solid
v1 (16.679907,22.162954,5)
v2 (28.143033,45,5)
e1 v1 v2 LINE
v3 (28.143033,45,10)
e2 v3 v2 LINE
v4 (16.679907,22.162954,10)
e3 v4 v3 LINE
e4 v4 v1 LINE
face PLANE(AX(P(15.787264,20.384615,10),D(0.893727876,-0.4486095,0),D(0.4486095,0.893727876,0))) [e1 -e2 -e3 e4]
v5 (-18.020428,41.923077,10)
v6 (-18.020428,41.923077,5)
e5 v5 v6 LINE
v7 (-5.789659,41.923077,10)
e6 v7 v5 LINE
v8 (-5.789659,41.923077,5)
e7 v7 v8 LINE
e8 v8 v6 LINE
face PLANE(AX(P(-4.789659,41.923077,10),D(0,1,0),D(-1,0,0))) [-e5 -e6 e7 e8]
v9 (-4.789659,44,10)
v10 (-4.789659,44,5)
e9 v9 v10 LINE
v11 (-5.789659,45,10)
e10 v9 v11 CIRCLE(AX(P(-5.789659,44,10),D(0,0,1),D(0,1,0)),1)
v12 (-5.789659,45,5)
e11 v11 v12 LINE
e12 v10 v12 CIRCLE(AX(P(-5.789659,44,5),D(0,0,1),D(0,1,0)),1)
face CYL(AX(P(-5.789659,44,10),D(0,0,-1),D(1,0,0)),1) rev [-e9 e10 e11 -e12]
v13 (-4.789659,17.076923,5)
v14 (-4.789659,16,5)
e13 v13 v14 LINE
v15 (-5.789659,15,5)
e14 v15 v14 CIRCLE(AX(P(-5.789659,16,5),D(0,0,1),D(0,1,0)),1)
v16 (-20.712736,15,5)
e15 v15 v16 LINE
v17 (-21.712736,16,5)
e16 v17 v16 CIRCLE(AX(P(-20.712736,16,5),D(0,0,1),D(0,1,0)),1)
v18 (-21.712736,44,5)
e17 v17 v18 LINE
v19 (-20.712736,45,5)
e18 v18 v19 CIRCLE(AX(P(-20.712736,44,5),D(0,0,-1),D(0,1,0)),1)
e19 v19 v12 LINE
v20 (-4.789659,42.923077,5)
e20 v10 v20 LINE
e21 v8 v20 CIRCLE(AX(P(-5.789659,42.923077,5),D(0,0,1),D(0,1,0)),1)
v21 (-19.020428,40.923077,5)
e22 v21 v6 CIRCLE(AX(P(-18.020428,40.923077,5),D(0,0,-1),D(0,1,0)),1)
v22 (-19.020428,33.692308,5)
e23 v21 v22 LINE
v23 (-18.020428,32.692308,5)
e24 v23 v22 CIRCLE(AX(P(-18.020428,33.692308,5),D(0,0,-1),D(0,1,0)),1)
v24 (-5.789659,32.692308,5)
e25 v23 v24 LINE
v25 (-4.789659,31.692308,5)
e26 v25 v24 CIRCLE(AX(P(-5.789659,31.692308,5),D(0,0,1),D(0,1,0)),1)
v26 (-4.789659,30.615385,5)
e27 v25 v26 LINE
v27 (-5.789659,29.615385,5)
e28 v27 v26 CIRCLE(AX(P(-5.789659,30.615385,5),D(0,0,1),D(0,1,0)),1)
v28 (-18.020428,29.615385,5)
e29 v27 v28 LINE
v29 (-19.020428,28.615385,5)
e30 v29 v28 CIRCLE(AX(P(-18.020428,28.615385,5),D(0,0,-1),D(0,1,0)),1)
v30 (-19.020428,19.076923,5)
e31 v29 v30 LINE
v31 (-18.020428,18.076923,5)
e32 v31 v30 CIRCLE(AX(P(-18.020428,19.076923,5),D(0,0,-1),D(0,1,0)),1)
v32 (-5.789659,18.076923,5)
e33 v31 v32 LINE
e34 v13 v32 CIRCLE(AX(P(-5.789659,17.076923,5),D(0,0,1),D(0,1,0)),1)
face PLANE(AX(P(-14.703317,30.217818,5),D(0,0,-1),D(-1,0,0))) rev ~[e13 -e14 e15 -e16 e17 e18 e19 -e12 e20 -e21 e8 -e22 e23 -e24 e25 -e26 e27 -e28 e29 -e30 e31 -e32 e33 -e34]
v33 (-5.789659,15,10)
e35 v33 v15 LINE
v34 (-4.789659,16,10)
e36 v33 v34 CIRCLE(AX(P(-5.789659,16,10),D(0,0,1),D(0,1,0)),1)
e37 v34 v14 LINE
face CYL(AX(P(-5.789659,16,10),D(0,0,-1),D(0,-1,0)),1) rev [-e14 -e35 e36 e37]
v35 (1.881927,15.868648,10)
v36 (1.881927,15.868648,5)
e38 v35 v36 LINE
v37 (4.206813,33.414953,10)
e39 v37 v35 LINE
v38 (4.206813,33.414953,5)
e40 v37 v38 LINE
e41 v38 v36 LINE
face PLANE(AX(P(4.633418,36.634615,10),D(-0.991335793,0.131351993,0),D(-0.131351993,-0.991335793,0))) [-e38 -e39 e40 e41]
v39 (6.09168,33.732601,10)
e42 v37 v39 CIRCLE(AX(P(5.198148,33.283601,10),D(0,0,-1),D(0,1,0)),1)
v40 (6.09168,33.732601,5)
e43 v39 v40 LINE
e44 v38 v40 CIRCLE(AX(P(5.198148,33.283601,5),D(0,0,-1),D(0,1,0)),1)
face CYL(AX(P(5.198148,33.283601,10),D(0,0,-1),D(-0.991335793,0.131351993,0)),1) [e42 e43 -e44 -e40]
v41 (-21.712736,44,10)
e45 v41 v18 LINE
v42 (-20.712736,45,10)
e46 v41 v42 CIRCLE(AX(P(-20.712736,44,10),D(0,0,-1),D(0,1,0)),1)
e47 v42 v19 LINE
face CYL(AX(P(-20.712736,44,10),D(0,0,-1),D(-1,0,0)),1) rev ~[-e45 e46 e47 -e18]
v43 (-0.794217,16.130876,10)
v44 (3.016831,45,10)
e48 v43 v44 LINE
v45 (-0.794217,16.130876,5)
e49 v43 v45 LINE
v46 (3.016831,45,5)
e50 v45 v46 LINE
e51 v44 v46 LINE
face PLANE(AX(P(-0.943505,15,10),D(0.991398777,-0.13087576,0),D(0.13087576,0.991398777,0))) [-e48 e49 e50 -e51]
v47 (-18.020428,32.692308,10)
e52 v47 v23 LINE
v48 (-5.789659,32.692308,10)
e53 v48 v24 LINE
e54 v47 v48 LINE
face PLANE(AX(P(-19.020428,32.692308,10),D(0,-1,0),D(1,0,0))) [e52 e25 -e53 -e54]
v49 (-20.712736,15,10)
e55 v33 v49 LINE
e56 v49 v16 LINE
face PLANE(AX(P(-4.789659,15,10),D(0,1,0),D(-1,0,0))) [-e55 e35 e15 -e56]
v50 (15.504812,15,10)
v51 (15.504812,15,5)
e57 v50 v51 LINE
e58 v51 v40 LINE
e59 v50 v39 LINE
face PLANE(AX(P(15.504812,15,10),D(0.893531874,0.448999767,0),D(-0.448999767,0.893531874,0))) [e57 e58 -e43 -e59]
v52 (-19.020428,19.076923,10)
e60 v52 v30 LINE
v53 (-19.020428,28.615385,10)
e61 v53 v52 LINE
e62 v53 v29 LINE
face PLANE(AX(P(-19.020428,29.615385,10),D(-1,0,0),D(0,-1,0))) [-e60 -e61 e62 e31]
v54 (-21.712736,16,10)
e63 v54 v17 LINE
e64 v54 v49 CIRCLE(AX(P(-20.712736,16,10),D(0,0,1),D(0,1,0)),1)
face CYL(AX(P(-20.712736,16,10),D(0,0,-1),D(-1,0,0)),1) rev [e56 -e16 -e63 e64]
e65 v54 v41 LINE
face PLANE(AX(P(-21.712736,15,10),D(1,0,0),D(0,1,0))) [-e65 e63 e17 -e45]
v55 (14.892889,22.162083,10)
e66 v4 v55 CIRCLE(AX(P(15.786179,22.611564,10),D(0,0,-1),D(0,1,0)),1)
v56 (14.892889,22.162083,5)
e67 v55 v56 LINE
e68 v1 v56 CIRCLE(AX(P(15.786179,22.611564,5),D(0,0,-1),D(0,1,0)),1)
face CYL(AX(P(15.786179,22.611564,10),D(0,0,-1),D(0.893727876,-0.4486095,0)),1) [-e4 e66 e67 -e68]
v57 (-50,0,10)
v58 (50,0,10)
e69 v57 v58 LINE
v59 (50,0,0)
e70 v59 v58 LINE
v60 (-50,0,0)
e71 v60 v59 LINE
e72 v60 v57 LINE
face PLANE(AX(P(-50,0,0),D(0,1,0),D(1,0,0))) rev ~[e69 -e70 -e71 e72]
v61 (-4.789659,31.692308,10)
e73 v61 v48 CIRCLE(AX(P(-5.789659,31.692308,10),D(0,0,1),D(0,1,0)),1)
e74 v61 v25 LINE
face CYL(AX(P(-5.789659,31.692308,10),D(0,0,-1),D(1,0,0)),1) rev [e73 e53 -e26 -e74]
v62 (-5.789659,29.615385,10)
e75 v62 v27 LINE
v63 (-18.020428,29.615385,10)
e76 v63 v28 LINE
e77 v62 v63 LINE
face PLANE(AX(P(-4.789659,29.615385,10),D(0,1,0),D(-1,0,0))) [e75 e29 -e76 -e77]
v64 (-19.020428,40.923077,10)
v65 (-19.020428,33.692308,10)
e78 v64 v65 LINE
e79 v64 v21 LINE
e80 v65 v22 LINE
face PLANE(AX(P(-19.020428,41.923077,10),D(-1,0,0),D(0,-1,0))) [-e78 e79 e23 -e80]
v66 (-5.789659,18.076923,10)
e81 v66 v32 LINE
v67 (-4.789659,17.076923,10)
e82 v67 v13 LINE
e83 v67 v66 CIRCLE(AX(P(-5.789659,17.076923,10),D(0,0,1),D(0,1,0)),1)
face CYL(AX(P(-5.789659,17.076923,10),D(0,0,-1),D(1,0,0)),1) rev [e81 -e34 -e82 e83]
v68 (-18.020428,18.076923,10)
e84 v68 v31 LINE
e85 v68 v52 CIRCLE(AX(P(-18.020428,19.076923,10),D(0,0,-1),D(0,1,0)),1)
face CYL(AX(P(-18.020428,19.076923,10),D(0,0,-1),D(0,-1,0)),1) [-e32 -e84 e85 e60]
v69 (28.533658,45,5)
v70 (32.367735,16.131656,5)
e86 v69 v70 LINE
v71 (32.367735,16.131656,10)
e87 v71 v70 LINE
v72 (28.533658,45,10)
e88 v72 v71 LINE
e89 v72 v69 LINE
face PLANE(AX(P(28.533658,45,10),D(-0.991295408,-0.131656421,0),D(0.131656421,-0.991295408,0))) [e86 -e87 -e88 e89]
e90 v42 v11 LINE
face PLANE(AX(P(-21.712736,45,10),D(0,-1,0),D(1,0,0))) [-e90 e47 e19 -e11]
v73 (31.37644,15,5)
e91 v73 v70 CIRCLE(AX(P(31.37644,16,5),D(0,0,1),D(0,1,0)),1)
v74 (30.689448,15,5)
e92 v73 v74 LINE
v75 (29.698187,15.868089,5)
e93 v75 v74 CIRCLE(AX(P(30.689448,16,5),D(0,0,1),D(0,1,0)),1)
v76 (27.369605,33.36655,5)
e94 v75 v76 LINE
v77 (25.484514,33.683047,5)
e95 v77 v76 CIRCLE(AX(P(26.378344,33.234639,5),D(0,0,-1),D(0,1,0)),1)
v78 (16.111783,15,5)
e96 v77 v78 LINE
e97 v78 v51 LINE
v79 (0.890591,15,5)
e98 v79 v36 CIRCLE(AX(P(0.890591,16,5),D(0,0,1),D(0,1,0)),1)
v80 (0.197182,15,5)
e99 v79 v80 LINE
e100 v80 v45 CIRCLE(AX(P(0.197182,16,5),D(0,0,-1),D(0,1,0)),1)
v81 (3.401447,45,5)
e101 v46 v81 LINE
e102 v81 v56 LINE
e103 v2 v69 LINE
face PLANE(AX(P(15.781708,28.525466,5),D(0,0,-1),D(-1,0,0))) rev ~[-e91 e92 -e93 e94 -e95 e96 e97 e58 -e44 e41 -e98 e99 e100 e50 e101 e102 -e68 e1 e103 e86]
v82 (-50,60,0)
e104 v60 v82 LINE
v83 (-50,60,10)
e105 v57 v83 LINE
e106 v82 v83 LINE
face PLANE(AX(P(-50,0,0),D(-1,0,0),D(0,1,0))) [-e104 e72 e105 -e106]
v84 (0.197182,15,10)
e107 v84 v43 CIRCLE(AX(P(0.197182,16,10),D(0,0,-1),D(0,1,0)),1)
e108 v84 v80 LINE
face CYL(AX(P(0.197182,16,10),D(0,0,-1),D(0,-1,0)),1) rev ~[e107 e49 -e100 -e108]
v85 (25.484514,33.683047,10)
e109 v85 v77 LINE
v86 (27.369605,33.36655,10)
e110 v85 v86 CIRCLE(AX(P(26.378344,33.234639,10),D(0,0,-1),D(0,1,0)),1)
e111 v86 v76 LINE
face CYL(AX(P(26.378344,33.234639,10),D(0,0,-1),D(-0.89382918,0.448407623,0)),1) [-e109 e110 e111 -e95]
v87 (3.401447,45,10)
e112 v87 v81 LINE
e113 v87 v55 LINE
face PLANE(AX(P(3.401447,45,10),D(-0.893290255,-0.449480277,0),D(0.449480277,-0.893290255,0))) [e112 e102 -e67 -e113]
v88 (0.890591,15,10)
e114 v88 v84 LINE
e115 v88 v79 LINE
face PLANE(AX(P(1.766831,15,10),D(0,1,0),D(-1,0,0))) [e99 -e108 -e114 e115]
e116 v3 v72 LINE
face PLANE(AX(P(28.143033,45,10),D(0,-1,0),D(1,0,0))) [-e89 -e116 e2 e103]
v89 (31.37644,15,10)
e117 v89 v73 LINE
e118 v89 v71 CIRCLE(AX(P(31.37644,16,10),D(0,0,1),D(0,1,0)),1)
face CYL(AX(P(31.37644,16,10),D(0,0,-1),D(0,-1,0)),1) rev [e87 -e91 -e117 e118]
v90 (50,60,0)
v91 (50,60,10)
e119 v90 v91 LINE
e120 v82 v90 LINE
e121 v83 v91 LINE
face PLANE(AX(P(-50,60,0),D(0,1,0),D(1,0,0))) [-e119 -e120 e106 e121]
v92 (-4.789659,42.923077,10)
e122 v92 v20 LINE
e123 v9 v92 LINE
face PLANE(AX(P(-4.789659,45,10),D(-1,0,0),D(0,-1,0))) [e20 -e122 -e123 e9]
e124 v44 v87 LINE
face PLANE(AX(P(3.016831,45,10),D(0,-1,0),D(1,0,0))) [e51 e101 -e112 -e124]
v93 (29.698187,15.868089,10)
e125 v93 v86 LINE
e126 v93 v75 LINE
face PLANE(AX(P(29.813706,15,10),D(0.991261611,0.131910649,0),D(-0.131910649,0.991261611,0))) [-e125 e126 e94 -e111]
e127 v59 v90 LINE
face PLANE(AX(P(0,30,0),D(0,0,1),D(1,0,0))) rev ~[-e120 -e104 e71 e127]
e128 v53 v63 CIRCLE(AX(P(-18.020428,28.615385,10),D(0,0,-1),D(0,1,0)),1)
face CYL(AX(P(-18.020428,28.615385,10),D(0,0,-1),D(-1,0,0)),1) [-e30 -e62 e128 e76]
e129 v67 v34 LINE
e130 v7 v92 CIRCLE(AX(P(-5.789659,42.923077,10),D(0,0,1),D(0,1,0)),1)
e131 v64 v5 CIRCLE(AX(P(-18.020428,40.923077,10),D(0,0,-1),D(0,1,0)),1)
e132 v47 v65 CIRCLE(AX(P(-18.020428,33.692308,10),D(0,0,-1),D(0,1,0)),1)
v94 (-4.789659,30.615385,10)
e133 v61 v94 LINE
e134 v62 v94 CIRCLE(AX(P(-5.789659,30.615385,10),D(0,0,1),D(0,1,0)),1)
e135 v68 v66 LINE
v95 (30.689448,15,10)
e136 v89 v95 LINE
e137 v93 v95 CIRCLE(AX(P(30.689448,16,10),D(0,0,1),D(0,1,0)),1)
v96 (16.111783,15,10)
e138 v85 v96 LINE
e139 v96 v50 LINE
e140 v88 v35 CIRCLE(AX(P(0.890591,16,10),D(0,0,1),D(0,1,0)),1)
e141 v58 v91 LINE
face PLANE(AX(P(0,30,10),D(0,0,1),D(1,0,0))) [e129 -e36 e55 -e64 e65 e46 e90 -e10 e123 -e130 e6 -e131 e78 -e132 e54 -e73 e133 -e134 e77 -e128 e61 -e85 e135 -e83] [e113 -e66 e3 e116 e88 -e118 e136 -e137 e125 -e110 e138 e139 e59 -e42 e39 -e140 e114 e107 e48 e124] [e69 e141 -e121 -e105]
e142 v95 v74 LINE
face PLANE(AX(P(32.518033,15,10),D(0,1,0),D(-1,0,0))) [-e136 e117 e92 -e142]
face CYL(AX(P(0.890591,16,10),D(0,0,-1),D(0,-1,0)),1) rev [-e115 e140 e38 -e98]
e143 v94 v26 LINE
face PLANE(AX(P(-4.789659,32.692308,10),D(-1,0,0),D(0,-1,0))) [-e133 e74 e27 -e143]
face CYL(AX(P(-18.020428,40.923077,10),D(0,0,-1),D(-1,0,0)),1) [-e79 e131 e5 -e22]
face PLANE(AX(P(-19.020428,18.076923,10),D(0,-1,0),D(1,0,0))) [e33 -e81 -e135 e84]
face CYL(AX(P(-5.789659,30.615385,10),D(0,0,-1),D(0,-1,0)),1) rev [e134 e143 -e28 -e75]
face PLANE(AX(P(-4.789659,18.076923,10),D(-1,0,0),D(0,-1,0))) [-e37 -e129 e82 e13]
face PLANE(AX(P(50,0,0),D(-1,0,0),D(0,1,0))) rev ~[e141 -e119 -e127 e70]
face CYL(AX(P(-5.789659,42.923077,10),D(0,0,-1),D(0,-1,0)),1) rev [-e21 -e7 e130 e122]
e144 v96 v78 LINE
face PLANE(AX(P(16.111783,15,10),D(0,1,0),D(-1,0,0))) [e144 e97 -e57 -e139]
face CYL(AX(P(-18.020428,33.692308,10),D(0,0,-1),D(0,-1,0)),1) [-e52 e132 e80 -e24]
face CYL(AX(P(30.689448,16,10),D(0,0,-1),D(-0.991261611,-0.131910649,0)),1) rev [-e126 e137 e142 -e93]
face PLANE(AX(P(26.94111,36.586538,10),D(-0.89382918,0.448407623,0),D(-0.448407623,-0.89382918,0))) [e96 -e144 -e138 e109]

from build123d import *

# Parameters (mm, degrees)
SKETCH3_W           = 100
SKETCH3_H           = 60
BOSS_EXTRUDE3_DEPTH = 10
CUT_EXTRUDE1_START  = 10
CUT_EXTRUDE1_DEPTH  = 5
FILLET1_R           = 1


with BuildPart() as part:
    # Sketch3 → Boss-Extrude3 (new body)
    with BuildSketch(Plane.XY):
        with Locations((0, 30)):
            Rectangle(SKETCH3_W, SKETCH3_H)
    extrude(amount=BOSS_EXTRUDE3_DEPTH)

    # Sketch1<2> → Cut-Extrude1 (cut)
    with BuildSketch(Plane.XY.offset(CUT_EXTRUDE1_START)):
        Polygon((-21.712736005, 45), (-4.789659082, 45), (-4.789659082, 41.923076923), (-19.020428312, 41.923076923), (-19.020428312, 32.692307692), (-4.789659082, 32.692307692), (-4.789659082, 29.615384615), (-19.020428312, 29.615384615), (-19.020428312, 18.076923077), (-4.789659082, 18.076923077), (-4.789659082, 15), (-21.712736005, 15), align=None)
        Polygon((-0.943505235, 15), (3.016831303, 45), (3.401446688, 45), (15.787263995, 20.384615385), (28.143033226, 45), (28.533658226, 45), (32.518033226, 15), (29.813706303, 15), (26.941110149, 36.586538462), (16.111783226, 15), (15.504812072, 15), (4.633417841, 36.634615385), (1.766831303, 15), align=None)
    extrude(amount=-CUT_EXTRUDE1_DEPTH, mode=Mode.SUBTRACT)

    # Fillet1
    fillet1_edges = [part.edges().sort_by_distance(p)[0] for p in [
        (-4.789659082, 15, 7.5),
        (-21.712736005, 15, 7.5),
        (-21.712736005, 45, 7.5),
        (-4.789659082, 45, 7.5),
        (-4.789659082, 41.923076923, 7.5),
        (-19.020428312, 41.923076923, 7.5),
        (-19.020428312, 32.692307692, 7.5),
        (-4.789659082, 32.692307692, 7.5),
        (-4.789659082, 29.615384615, 7.5),
        (-19.020428312, 29.615384615, 7.5),
        (-19.020428312, 18.076923077, 7.5),
        (-4.789659082, 18.076923077, 7.5),
        (15.787263995, 20.384615385, 7.5),
        (32.518033226, 15, 7.5),
        (29.813706303, 15, 7.5),
        (26.941110149, 36.586538462, 7.5),
        (4.633417841, 36.634615385, 7.5),
        (1.766831303, 15, 7.5),
        (-0.943505235, 15, 7.5),
    ]]
    fillet(fillet1_edges, radius=FILLET1_R)


solid = part.part
